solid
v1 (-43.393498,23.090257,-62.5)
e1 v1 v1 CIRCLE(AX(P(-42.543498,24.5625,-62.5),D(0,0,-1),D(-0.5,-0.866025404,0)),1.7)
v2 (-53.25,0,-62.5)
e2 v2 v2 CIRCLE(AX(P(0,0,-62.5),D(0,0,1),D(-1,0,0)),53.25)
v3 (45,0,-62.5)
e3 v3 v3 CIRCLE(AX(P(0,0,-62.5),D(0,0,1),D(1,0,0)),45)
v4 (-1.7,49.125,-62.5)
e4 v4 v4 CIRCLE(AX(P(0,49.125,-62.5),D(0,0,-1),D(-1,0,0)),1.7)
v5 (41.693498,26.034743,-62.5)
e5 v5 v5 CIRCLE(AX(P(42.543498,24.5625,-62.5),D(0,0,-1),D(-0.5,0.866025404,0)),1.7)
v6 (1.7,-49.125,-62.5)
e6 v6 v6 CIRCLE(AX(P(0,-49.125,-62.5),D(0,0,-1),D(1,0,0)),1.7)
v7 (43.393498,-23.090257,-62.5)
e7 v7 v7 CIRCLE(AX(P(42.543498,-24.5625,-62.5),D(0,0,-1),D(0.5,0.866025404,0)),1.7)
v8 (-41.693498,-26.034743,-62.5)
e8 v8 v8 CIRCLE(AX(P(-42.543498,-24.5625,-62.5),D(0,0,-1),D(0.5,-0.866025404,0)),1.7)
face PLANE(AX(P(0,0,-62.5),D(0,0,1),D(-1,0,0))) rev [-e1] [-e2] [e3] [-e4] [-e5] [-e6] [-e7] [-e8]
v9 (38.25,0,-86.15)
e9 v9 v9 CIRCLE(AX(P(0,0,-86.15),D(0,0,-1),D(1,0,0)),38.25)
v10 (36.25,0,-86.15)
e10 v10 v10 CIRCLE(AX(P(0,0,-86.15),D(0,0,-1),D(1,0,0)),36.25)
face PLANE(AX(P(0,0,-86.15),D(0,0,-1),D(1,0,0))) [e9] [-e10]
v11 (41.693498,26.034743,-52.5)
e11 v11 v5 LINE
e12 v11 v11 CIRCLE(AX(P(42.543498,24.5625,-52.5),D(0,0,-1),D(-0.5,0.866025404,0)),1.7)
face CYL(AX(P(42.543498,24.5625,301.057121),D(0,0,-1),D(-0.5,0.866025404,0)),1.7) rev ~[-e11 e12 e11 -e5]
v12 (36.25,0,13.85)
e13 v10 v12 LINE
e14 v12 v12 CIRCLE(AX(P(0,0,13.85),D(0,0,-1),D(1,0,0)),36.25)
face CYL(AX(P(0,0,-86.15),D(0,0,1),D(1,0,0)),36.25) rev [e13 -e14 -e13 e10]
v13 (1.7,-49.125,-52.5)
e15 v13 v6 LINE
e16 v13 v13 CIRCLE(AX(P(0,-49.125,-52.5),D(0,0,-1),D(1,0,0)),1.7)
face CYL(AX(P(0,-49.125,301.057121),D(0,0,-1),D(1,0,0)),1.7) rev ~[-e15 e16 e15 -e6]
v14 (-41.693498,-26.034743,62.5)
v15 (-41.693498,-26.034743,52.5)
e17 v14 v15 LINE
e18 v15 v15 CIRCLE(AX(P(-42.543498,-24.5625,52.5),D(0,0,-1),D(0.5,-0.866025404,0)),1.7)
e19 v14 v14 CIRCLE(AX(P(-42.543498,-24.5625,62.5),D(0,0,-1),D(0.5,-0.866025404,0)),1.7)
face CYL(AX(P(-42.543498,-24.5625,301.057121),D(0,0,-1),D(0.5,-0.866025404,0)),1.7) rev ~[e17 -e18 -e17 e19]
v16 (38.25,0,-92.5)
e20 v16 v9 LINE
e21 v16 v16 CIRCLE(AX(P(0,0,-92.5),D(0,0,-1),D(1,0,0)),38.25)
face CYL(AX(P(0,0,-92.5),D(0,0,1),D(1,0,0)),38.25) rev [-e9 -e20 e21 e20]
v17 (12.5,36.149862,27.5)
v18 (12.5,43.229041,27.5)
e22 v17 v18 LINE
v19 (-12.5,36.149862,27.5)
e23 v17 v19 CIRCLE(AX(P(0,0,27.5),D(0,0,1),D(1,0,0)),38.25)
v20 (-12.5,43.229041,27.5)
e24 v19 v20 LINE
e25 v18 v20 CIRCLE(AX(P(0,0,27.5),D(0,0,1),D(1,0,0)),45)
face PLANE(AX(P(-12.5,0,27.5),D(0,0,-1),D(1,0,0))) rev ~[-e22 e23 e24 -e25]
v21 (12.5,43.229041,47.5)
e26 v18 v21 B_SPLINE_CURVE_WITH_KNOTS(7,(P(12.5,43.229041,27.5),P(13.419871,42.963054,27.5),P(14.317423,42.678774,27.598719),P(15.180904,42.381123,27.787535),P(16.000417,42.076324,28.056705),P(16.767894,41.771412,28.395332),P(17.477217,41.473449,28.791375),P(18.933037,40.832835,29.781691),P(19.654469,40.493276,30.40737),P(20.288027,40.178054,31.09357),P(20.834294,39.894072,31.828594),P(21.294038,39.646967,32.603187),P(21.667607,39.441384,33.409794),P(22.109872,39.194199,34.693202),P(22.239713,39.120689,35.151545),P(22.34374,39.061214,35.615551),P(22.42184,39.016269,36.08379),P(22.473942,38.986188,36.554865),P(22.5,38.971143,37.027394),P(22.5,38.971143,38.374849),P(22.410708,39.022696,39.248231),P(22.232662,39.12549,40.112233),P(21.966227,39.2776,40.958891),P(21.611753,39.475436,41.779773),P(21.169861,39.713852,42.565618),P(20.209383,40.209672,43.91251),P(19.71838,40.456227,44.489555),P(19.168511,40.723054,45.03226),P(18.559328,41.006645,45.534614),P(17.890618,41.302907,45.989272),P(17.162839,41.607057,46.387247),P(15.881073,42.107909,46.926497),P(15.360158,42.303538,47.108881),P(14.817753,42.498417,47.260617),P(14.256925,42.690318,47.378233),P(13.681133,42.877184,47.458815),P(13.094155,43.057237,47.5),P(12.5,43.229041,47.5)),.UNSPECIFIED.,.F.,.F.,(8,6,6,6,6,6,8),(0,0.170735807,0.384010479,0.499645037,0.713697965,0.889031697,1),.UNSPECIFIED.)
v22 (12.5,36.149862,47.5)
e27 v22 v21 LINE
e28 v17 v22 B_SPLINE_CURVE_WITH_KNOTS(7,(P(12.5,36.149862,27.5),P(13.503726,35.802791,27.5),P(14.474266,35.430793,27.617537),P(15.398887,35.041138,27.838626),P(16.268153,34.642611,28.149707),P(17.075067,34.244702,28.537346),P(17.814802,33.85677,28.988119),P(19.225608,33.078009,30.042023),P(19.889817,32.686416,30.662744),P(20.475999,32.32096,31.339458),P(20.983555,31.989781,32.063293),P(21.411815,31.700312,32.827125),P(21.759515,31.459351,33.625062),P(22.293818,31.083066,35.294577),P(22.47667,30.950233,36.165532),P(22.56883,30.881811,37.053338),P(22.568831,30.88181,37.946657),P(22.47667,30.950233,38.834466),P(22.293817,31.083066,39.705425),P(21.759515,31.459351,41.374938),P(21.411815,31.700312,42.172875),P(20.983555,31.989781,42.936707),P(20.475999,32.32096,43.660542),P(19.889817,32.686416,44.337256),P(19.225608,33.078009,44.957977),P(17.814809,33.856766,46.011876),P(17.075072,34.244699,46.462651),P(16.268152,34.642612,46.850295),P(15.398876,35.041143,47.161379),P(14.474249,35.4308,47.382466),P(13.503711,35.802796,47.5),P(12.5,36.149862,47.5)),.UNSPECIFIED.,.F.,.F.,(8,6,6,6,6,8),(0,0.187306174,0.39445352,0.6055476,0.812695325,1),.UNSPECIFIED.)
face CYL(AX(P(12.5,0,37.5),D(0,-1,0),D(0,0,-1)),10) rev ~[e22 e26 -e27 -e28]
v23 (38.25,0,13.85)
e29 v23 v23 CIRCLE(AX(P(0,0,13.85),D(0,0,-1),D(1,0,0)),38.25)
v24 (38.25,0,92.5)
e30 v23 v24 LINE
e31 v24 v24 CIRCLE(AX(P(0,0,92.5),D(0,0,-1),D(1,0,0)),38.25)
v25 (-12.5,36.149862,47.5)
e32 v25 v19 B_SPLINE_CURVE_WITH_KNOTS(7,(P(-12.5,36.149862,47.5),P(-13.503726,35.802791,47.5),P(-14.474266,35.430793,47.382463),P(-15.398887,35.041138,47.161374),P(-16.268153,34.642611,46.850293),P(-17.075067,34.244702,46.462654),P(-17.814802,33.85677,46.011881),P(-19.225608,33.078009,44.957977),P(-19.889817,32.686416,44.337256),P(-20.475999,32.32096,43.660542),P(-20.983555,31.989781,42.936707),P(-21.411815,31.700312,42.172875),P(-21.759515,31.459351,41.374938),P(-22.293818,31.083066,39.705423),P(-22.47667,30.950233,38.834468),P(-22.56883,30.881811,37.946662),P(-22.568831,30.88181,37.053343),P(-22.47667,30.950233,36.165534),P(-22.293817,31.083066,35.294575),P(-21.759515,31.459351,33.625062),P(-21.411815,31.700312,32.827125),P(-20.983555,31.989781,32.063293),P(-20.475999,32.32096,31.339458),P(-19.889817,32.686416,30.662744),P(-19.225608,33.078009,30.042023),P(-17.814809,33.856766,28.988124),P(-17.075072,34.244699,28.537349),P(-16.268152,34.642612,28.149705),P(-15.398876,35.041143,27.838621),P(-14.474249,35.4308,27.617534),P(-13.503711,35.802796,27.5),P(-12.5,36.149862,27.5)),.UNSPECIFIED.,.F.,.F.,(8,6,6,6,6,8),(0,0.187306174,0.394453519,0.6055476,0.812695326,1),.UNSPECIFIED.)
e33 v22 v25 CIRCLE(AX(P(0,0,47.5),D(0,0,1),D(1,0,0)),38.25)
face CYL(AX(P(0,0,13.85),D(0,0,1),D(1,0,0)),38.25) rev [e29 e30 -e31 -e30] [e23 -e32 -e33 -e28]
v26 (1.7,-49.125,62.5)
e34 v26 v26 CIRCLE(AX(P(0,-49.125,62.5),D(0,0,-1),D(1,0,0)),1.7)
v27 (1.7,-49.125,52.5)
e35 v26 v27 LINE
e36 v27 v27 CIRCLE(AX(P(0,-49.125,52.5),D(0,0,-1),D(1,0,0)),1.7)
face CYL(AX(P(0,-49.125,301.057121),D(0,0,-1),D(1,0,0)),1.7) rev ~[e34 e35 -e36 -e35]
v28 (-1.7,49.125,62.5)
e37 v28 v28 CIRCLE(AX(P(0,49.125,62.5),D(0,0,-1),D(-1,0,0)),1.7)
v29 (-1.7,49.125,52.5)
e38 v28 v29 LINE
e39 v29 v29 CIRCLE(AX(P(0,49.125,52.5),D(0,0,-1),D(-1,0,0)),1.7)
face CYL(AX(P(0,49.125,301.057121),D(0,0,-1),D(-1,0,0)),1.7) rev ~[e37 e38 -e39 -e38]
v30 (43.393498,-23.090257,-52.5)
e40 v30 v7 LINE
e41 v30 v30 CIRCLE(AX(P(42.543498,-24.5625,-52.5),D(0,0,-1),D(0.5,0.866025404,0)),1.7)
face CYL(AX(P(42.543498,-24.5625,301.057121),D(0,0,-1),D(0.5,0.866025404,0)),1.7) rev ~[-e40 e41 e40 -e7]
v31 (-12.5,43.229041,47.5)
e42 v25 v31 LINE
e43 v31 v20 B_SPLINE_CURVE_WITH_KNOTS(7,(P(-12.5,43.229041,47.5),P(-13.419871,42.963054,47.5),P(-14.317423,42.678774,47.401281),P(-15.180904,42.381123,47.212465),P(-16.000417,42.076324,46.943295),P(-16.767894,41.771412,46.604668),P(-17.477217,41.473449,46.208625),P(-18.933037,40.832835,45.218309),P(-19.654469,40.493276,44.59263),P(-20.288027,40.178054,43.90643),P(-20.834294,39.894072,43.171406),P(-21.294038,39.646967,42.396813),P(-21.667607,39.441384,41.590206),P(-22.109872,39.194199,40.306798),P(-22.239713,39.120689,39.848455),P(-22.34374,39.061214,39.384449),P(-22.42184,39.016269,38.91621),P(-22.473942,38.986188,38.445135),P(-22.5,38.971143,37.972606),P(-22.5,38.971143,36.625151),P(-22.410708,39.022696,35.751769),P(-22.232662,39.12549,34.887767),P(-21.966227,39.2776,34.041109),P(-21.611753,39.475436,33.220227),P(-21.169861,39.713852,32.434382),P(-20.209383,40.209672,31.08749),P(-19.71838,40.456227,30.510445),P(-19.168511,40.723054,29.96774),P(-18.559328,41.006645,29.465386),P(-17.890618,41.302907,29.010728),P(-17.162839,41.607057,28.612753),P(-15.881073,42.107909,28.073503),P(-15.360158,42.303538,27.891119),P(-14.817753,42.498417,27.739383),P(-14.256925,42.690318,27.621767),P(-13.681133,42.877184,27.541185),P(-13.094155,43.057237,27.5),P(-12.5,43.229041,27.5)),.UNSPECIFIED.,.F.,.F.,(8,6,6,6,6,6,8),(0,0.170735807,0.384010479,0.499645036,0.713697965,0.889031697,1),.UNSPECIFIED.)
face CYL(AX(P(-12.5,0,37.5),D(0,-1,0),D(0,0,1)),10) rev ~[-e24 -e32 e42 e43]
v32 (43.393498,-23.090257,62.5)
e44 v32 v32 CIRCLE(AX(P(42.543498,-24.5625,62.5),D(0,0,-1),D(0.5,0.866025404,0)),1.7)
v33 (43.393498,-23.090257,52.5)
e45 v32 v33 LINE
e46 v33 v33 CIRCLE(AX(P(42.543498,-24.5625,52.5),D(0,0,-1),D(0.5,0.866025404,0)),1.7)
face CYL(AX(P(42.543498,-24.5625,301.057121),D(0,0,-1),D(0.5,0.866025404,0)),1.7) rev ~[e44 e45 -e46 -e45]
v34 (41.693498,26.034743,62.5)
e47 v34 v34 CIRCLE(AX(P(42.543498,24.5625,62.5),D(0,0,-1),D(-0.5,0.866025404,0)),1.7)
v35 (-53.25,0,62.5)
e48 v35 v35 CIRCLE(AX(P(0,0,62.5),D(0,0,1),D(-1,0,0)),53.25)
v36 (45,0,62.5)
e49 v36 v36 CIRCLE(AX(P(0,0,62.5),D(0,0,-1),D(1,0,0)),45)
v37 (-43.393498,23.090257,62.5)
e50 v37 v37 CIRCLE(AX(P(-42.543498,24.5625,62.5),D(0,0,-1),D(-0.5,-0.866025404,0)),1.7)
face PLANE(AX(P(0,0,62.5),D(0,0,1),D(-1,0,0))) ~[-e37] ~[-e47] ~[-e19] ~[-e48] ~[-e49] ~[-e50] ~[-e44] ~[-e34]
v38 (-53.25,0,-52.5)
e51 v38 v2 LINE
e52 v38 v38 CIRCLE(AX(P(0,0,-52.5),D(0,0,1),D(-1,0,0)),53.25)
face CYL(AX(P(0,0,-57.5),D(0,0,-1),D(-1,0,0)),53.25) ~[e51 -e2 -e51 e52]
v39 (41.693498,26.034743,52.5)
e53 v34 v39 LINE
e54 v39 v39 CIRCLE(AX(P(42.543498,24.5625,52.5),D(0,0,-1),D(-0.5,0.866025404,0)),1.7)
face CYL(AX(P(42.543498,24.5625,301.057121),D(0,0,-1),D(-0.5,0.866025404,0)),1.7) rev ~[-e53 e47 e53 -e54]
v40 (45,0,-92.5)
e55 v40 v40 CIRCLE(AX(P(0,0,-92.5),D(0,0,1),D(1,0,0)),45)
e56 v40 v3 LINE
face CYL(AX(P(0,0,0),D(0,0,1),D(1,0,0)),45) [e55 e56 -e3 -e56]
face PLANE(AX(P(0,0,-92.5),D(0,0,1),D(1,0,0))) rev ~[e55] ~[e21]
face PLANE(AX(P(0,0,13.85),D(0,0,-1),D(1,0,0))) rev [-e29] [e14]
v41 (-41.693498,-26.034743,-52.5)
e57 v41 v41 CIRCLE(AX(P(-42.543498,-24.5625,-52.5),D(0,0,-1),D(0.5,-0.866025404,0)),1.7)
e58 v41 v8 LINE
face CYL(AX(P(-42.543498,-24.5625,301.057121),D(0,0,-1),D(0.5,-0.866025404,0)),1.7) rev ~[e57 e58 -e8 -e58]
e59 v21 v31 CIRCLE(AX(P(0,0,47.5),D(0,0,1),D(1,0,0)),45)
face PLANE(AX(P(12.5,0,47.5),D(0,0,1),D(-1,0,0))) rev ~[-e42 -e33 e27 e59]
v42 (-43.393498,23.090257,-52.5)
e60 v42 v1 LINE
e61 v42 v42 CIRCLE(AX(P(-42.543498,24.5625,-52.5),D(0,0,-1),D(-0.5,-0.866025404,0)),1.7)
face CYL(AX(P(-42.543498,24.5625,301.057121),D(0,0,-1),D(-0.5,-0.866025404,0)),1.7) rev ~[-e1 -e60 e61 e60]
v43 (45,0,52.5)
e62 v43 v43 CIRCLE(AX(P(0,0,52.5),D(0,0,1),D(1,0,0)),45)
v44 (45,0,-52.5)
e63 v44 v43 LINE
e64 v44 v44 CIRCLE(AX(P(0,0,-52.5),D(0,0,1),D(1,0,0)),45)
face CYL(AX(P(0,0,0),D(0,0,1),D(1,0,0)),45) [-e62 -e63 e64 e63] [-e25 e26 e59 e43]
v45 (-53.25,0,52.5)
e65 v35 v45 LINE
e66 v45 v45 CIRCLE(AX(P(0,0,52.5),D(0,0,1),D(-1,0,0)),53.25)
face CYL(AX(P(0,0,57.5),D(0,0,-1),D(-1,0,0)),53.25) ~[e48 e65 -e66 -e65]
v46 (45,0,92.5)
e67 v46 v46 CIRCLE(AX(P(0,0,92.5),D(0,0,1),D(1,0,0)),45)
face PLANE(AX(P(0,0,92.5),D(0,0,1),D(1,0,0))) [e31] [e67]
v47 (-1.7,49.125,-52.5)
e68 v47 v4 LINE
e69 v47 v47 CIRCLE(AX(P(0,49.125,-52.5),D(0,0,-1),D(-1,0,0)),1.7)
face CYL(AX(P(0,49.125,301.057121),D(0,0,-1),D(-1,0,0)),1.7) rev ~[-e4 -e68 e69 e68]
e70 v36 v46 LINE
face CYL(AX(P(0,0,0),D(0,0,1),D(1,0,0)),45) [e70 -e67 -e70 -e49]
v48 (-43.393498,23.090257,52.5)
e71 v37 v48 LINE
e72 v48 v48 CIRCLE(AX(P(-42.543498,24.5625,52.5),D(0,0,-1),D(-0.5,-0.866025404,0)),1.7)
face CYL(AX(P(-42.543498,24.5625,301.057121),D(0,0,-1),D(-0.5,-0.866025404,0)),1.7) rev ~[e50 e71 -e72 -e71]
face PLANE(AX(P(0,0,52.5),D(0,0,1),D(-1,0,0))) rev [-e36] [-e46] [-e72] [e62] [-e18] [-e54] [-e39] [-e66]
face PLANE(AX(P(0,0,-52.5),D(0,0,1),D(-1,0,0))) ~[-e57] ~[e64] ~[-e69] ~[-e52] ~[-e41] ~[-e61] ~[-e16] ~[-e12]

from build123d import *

# Parameters (mm, degrees)
SKETCH1_R            = 45
SKETCH1_R_2          = 33.75
BOSS_EXTRUDE1_DEPTH  = 92.5
SKETCH4_W            = 10
SKETCH4_H            = 8.25
CUT_EXTRUDE1_DEPTH   = 120.278560521
M3_CLEARANCE_HOLE1_D = 3.4
CIRPATTERN1_COUNT    = 6


with BuildPart() as part:
    # Sketch1 → Boss-Extrude1 (new, symmetric)
    with BuildSketch(Plane.XY):
        Circle(SKETCH1_R)
        Circle(SKETCH1_R_2, mode=Mode.SUBTRACT)
    extrude(amount=BOSS_EXTRUDE1_DEPTH, both=True)

    # Sketch2 → Cut-Revolve1 (revolve, cut)
    with BuildSketch(Plane(origin=(0, 0, 0), x_dir=(1, 0, 0), z_dir=(0, 1, 0)), mode=Mode.PRIVATE) as cut_revolve1_sk:
        Polygon((0, -92.5), (0, 92.5), (-38.25, 92.5), (-38.25, 86.15), (-36.25, 86.15), (-36.25, -13.85), (-38.25, -13.85), (-38.25, -92.5), align=None)
    revolve(cut_revolve1_sk.sketch.rotate(Axis((0, 0, 92.5), (0, 0, -1)), 180), axis=Axis((0, 0, 92.5), (0, 0, -1)), mode=Mode.SUBTRACT)

    # Sketch4 → Revolve1 (revolve)
    with BuildSketch(Plane(origin=(0, 0, 0), x_dir=(0, 0, -1), z_dir=(1, 0, 0)), mode=Mode.PRIVATE) as revolve1_sk:
        with Locations((-57.5, 49.125)):
            Rectangle(SKETCH4_W, SKETCH4_H)
        with Locations((57.5, 49.125)):
            Rectangle(SKETCH4_W, SKETCH4_H)
    revolve(revolve1_sk.sketch.rotate(Axis((0, 0, -92.5), (0, 0, 1)), 90), axis=Axis((0, 0, -92.5), (0, 0, 1)))

    # Sketch3 → Cut-Extrude1 (cut, through all)
    with BuildSketch(Plane(origin=(0, 0, 0), x_dir=(1, 0, 0), z_dir=(0, 1, 0))):
        with BuildLine():
            Line((-12.5, -27.5), (12.5, -27.5))
            ThreePointArc((12.5, -27.5), (22.5, -37.5), (12.5, -47.5))
            Line((12.5, -47.5), (-12.5, -47.5))
            ThreePointArc((-12.5, -47.5), (-22.5, -37.5), (-12.5, -27.5))
        make_face()
    extrude(amount=CUT_EXTRUDE1_DEPTH, mode=Mode.SUBTRACT)

    # M3 Clearance Hole1 (through all)
    with Locations(Plane.XY.offset(62.5)):
        with Locations((0, 49.125)):
            m3_clearance_hole1 = Hole(M3_CLEARANCE_HOLE1_D / 2)

    # CirPattern1: M3 Clearance Hole1 ×6 about axis
    cirpattern1_axis = Axis((0, 0, 0), (0, 0, 1))
    for i in range(1, CIRPATTERN1_COUNT):
        add(m3_clearance_hole1.rotate(cirpattern1_axis, i * 360 / CIRPATTERN1_COUNT), mode=Mode.SUBTRACT)


solid = part.part
